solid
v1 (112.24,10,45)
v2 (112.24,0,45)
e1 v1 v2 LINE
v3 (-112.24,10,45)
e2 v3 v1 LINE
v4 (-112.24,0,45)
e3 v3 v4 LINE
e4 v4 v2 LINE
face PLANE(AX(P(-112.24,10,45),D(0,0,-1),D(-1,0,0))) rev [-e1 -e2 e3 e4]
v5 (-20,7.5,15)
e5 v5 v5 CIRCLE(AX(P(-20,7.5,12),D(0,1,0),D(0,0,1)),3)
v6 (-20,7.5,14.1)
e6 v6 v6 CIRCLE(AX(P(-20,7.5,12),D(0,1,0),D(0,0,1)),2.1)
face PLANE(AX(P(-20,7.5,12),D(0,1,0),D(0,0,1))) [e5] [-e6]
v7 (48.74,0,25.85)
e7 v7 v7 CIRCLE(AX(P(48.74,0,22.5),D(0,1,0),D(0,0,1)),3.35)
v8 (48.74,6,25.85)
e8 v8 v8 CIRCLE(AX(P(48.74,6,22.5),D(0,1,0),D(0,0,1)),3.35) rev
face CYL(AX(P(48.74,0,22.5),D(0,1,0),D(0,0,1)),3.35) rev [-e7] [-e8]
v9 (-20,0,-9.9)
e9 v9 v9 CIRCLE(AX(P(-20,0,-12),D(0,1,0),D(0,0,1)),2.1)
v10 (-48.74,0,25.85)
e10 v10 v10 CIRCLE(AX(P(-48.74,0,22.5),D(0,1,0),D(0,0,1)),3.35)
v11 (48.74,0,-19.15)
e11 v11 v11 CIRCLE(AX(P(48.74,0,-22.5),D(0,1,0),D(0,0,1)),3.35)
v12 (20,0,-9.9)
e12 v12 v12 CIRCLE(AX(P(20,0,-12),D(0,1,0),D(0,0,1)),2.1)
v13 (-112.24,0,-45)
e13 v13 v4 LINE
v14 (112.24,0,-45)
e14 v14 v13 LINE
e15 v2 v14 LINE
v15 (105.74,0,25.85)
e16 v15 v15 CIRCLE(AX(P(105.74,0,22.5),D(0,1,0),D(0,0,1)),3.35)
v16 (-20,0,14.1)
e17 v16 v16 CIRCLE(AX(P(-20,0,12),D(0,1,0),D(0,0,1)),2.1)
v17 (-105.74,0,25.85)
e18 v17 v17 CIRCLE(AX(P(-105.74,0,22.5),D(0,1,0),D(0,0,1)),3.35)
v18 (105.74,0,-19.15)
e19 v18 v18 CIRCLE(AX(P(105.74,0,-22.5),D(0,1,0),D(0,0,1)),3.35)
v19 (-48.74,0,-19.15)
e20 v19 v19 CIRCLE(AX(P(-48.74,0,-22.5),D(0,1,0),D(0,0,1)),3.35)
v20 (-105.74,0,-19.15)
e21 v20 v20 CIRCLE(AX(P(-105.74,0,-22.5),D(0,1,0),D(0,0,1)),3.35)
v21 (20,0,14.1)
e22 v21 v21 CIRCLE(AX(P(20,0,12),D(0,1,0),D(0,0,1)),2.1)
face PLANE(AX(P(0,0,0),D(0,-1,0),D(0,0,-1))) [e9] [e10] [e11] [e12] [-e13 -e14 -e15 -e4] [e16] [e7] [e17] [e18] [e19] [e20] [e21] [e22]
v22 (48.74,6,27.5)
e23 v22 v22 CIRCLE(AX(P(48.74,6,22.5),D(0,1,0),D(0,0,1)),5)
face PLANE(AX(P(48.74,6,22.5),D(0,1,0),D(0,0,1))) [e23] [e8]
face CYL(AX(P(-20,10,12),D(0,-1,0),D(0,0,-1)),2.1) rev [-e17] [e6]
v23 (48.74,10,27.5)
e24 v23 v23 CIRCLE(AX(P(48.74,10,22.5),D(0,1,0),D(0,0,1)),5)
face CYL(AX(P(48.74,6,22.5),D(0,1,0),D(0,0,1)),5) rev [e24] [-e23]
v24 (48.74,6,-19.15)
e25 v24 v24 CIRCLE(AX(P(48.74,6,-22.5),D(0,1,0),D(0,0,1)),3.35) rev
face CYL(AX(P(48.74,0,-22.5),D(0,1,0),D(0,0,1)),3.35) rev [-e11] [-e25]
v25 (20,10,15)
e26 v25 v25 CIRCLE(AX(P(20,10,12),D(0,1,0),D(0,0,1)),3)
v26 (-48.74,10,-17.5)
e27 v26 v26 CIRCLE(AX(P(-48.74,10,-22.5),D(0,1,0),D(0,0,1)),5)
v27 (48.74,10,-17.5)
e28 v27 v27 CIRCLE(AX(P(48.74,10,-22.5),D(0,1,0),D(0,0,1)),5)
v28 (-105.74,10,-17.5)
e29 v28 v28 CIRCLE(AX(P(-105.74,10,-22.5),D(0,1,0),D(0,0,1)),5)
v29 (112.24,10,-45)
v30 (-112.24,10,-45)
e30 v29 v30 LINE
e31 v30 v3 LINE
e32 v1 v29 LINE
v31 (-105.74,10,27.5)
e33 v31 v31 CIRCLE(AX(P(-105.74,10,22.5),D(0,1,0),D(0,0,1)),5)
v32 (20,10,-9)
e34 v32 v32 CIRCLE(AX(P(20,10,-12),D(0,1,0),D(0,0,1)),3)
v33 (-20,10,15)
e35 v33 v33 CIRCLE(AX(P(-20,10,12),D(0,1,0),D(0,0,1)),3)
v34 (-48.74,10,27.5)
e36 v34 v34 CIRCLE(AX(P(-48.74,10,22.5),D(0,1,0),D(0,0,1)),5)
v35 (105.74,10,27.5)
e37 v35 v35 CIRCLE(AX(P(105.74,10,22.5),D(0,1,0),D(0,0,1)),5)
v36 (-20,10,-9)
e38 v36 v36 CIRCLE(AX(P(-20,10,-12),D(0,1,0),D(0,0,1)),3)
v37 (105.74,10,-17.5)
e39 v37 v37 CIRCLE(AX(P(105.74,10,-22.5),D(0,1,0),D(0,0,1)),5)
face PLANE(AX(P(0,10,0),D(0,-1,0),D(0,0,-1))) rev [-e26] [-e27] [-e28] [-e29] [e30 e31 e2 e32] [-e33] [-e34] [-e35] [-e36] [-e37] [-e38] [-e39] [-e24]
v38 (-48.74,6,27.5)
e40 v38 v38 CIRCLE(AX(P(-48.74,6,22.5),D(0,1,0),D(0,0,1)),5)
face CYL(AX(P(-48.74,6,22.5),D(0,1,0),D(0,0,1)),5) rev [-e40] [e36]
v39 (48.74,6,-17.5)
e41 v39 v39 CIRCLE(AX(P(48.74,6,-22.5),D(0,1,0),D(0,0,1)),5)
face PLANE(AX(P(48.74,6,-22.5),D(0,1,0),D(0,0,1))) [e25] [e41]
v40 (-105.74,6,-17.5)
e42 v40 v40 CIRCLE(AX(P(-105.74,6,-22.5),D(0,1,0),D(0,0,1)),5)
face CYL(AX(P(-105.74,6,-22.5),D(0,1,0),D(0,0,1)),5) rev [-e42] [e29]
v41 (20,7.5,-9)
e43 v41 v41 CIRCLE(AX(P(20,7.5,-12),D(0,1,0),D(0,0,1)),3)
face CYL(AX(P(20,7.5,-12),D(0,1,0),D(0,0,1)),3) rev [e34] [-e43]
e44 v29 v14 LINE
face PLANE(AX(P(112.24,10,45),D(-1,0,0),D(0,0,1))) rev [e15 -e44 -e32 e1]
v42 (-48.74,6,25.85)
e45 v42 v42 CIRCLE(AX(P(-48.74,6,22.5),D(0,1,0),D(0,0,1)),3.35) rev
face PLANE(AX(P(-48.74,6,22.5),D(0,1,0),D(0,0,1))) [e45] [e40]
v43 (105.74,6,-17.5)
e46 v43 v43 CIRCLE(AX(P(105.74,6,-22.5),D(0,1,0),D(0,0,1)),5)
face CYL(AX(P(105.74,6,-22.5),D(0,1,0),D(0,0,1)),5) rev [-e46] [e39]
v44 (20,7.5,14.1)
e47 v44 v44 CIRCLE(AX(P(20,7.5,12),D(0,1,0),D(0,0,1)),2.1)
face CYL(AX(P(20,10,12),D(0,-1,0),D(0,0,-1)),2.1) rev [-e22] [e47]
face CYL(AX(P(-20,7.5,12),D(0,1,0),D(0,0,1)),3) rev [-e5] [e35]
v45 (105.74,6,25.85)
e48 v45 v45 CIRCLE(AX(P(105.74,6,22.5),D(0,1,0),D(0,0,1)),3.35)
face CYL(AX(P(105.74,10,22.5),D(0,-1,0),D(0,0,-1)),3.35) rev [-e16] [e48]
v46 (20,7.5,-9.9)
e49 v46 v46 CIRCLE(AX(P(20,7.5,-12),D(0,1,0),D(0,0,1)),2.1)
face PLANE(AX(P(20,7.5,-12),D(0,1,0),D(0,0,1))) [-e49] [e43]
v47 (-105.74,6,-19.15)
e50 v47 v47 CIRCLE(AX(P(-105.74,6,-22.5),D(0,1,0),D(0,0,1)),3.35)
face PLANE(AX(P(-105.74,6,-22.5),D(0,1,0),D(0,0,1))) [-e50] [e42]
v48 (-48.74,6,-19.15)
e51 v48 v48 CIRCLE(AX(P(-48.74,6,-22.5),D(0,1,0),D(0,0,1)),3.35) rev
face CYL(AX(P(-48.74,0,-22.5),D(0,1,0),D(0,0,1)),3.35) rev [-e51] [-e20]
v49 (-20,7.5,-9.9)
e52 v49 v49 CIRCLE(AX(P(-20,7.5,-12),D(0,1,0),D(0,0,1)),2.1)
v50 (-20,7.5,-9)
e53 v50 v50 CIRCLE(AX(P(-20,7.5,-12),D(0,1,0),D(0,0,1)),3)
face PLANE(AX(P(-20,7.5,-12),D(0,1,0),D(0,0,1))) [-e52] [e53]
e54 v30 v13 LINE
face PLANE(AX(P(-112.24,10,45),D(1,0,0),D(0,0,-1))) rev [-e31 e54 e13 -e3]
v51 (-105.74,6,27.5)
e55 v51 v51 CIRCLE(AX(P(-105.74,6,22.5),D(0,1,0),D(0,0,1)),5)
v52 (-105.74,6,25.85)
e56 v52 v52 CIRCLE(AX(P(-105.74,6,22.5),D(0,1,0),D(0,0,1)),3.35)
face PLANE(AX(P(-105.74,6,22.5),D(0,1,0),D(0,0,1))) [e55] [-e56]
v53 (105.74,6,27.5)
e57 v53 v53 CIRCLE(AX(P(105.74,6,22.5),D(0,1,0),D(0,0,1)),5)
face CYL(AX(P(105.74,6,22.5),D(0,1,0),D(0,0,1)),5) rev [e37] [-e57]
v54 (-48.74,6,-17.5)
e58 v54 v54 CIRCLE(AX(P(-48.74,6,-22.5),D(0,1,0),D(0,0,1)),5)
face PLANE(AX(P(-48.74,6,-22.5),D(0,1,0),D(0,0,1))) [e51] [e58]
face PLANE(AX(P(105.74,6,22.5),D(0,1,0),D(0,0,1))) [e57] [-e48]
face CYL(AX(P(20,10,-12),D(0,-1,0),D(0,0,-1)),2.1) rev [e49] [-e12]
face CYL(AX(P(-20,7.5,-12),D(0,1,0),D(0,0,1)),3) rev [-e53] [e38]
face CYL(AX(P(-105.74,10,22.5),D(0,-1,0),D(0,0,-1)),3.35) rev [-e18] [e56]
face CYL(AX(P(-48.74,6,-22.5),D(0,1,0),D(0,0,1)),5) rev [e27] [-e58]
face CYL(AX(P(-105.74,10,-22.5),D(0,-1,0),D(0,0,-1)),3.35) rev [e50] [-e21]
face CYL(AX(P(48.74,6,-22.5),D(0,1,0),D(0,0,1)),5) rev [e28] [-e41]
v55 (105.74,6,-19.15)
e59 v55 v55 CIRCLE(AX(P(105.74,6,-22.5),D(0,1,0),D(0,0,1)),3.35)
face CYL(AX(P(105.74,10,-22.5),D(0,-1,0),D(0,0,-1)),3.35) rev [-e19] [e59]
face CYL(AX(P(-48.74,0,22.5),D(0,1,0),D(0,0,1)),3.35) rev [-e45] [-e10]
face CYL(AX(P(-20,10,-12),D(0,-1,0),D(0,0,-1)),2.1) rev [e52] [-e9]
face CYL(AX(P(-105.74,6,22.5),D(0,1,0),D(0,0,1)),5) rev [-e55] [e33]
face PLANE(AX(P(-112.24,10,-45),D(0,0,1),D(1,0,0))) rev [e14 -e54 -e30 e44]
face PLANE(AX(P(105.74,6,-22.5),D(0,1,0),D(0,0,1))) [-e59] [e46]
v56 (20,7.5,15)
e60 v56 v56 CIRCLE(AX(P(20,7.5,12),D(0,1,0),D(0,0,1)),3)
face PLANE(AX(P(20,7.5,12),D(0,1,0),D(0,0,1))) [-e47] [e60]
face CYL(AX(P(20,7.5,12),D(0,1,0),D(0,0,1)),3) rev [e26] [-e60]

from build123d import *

# Parameters (mm, degrees)
CROQUIS1_W              = 224.48
CROQUIS1_H              = 90
SALIENTE_EXTRUIR1_DEPTH = 10
CROQUIS2_R              = 3.35
CORTAR_EXTRUIR1_DEPTH   = 11
CROQUIS22_R             = 2.1
CORTAR_EXTRUIR3_DEPTH   = 11
CROQUIS25_R             = 5
CORTAR_EXTRUIR4_DEPTH   = 4
CROQUIS26_R             = 3
CORTAR_EXTRUIR5_DEPTH   = 2.5
CROQUIS27_R             = 3.35
CORTAR_EXTRUIR6_DEPTH   = 11
CROQUIS28_R             = 5
CORTAR_EXTRUIR7_DEPTH   = 4


with BuildPart() as part:
    # Croquis1 → Saliente-Extruir1 (new body)
    with BuildSketch(Plane(origin=(0, 0, 0), x_dir=(1, 0, 0), z_dir=(0, 1, 0))):
        Rectangle(CROQUIS1_W, CROQUIS1_H)
    extrude(amount=SALIENTE_EXTRUIR1_DEPTH)

    # Croquis2 → Cortar-Extruir1 (cut, through all)
    with BuildSketch(Plane(origin=(0, 0, 0), x_dir=(1, 0, 0), z_dir=(0, 1, 0))):
        with Locations((-105.74, 22.5)):
            Circle(CROQUIS2_R)
        with Locations((105.74, 22.5)):
            Circle(CROQUIS2_R)
        with Locations((105.74, -22.5)):
            Circle(CROQUIS2_R)
        with Locations((-105.74, -22.5)):
            Circle(CROQUIS2_R)
    extrude(amount=CORTAR_EXTRUIR1_DEPTH, mode=Mode.SUBTRACT)

    # Croquis22 → Cortar-Extruir3 (cut, through all)
    with BuildSketch(Plane(origin=(0, 0, 0), x_dir=(1, 0, 0), z_dir=(0, 1, 0))):
        with Locations((20, 12)):
            Circle(CROQUIS22_R)
        with Locations((-20, 12)):
            Circle(CROQUIS22_R)
        with Locations((-20, -12)):
            Circle(CROQUIS22_R)
        with Locations((20, -12)):
            Circle(CROQUIS22_R)
    extrude(amount=CORTAR_EXTRUIR3_DEPTH, mode=Mode.SUBTRACT)

    # Croquis25 → Cortar-Extruir4 (cut)
    with BuildSketch(Plane(origin=(0, 10, 0), x_dir=(1, 0, 0), z_dir=(0, 1, 0))):
        with Locations((-105.74, 22.5)):
            Circle(CROQUIS25_R)
        with Locations((-105.74, -22.5)):
            Circle(CROQUIS25_R)
        with Locations((105.74, 22.5)):
            Circle(CROQUIS25_R)
        with Locations((105.74, -22.5)):
            Circle(CROQUIS25_R)
    extrude(amount=-CORTAR_EXTRUIR4_DEPTH, mode=Mode.SUBTRACT)

    # Croquis26 → Cortar-Extruir5 (cut)
    with BuildSketch(Plane(origin=(0, 10, 0), x_dir=(1, 0, 0), z_dir=(0, 1, 0))):
        with Locations((-20, 12)):
            Circle(CROQUIS26_R)
        with Locations((20, 12)):
            Circle(CROQUIS26_R)
        with Locations((20, -12)):
            Circle(CROQUIS26_R)
        with Locations((-20, -12)):
            Circle(CROQUIS26_R)
    extrude(amount=-CORTAR_EXTRUIR5_DEPTH, mode=Mode.SUBTRACT)

    # Croquis27 → Cortar-Extruir6 (cut, through all)
    with BuildSketch(Plane(origin=(0, 10, 0), x_dir=(1, 0, 0), z_dir=(0, 1, 0))):
        with Locations((-48.74, 22.5)):
            Circle(CROQUIS27_R)
        with Locations((48.74, 22.5)):
            Circle(CROQUIS27_R)
        with Locations((48.74, -22.5)):
            Circle(CROQUIS27_R)
        with Locations((-48.74, -22.5)):
            Circle(CROQUIS27_R)
    extrude(amount=-CORTAR_EXTRUIR6_DEPTH, mode=Mode.SUBTRACT)

    # Croquis28 → Cortar-Extruir7 (cut)
    with BuildSketch(Plane(origin=(0, 10, 0), x_dir=(1, 0, 0), z_dir=(0, 1, 0))):
        with Locations((-48.74, 22.5)):
            Circle(CROQUIS28_R)
        with Locations((-48.74, -22.5)):
            Circle(CROQUIS28_R)
        with Locations((48.74, -22.5)):
            Circle(CROQUIS28_R)
        with Locations((48.74, 22.5)):
            Circle(CROQUIS28_R)
    extrude(amount=-CORTAR_EXTRUIR7_DEPTH, mode=Mode.SUBTRACT)


solid = part.part
